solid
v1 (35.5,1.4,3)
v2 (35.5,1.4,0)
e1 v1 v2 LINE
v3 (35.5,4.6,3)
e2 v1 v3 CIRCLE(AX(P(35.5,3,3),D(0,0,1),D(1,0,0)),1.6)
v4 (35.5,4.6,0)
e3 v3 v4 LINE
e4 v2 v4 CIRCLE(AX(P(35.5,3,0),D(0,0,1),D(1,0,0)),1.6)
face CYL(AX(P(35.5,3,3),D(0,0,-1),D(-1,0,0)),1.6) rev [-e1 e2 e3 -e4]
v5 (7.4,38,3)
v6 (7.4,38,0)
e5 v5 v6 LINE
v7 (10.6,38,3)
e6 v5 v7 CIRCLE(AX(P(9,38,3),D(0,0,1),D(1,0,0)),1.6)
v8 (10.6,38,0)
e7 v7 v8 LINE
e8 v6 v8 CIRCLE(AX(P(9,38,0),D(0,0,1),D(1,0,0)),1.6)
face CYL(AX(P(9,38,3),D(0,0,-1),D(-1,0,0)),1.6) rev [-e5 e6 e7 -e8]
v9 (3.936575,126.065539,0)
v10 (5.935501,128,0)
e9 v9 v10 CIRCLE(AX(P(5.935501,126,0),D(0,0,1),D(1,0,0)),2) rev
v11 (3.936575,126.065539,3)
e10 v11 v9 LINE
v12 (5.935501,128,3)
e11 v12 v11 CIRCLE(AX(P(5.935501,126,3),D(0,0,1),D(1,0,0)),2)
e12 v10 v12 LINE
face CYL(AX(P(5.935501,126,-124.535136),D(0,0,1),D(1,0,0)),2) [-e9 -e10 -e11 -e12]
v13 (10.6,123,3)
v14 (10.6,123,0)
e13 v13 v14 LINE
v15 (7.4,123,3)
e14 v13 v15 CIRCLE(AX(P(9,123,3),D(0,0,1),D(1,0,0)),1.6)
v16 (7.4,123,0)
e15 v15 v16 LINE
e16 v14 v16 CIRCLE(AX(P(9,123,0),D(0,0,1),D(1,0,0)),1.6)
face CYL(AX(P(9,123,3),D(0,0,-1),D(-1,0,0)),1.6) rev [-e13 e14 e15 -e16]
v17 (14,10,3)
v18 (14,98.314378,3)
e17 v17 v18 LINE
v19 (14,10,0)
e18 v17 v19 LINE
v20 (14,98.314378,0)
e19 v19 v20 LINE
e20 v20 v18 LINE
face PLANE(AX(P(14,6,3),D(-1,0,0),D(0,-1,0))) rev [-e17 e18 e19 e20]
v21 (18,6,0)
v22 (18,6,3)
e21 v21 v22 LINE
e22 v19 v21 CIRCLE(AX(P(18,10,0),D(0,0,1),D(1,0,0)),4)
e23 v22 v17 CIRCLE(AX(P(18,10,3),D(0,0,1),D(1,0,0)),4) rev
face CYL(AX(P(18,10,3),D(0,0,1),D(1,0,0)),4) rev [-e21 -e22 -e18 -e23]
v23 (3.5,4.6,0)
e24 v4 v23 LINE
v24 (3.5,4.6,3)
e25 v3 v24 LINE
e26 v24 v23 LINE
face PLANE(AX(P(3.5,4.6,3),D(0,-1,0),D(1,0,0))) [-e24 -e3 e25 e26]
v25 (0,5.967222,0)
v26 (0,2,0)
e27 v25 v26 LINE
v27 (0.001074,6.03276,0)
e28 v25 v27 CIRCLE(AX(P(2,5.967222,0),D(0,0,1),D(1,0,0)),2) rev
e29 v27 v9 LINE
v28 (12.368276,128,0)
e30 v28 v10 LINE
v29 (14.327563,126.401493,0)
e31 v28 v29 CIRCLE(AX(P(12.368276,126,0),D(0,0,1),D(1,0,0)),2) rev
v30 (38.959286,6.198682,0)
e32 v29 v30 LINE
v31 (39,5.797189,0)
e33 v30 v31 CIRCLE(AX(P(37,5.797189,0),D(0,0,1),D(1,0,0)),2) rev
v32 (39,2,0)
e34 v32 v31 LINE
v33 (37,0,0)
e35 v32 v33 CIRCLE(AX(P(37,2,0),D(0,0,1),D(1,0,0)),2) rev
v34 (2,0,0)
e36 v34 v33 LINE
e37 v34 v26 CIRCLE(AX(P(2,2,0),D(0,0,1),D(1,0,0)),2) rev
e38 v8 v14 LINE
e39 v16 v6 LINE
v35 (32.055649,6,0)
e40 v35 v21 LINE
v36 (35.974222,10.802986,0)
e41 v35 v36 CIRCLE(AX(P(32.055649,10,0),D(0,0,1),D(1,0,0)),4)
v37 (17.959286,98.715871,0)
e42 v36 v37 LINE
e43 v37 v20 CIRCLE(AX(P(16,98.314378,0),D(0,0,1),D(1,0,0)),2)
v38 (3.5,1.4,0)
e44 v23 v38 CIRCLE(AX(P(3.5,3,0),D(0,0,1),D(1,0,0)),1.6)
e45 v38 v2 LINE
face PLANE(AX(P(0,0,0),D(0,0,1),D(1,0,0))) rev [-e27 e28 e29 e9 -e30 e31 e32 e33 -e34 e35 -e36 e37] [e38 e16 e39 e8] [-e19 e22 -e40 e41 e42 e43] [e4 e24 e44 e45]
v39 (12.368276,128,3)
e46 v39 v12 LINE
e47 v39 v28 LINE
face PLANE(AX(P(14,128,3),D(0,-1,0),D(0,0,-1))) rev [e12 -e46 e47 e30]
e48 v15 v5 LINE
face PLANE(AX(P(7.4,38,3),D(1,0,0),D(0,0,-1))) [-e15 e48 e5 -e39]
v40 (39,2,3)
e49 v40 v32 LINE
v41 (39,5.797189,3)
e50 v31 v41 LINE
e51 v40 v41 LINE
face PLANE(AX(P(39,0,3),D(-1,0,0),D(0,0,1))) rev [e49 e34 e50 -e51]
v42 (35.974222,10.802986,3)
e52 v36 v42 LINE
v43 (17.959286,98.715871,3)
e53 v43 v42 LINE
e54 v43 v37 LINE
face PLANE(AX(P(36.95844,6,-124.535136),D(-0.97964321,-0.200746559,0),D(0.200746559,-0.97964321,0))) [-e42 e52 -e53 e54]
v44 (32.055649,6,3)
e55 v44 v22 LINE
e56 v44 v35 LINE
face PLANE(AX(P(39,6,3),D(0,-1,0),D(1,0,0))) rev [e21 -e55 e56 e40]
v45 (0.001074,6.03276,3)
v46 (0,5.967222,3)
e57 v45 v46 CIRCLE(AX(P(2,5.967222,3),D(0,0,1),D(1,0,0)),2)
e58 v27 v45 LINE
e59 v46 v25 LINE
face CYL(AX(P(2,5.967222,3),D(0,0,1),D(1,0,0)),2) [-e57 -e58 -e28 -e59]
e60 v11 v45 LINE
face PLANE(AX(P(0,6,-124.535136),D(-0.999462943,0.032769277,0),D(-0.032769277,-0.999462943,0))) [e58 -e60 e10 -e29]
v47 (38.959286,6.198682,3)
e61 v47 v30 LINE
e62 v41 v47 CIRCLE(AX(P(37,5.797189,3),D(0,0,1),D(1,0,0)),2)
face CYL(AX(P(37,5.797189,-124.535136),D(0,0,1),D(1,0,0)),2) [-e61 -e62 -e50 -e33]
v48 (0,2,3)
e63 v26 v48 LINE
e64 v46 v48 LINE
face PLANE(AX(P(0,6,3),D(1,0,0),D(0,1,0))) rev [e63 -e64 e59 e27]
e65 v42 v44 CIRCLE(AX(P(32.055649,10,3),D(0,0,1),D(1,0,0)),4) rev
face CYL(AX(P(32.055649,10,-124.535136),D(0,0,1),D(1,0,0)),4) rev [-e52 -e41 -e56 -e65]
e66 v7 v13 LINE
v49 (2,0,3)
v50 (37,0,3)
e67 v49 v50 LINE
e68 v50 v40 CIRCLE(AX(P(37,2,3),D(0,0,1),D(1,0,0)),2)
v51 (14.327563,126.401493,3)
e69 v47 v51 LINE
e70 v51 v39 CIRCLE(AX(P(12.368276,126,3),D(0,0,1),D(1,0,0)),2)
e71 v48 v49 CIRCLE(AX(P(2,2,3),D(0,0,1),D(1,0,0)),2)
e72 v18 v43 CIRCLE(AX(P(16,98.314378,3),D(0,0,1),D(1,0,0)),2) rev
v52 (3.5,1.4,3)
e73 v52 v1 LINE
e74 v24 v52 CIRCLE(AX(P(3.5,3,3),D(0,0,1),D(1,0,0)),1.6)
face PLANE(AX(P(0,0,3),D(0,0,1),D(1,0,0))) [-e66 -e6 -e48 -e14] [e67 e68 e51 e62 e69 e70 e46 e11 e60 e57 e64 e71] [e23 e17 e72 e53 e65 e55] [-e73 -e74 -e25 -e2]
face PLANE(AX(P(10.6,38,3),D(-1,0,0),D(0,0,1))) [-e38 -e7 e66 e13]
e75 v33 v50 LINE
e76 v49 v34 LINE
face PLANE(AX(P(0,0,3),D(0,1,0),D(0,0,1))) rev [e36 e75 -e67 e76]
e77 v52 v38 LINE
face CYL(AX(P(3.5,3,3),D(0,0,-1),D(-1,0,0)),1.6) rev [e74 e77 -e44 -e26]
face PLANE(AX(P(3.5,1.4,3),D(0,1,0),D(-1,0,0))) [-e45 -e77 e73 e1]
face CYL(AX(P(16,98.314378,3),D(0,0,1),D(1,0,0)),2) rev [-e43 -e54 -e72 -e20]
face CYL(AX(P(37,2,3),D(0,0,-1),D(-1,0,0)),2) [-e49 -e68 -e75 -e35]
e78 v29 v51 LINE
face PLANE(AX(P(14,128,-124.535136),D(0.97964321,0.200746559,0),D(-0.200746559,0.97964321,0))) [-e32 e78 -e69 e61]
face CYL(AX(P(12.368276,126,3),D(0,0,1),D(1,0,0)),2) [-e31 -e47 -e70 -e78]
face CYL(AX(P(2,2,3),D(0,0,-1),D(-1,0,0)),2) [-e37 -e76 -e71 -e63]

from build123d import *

# Parameters (mm, degrees)
EXTRUDE_1_DEPTH = 3
EXTRUDE_2_DEPTH = 3
FILLET_1_R      = 2
FILLET_2_R      = 4
FILLET_3_R      = 2


with BuildPart() as part:
    # 草图1 → 凸台-拉伸1 (new body)
    with BuildSketch(Plane.XY):
        Polygon((0, 0), (39, 0), (39, 6), (14, 6), (14, 128), (4, 128), (4, 6), (0, 6), align=None)
        with BuildLine():
            Line((3.5, 4.6), (35.5, 4.6))
            ThreePointArc((35.5, 4.6), (37.1, 3), (35.5, 1.4))
            Line((35.5, 1.4), (3.5, 1.4))
            ThreePointArc((3.5, 1.4), (1.9, 3), (3.5, 4.6))
        make_face(mode=Mode.SUBTRACT)
        with BuildLine():
            Line((7.4, 38), (7.4, 123))
            ThreePointArc((7.4, 123), (9, 124.6), (10.6, 123))
            Line((10.6, 123), (10.6, 38))
            ThreePointArc((10.6, 38), (9, 36.4), (7.4, 38))
        make_face(mode=Mode.SUBTRACT)
    extrude(amount=EXTRUDE_1_DEPTH)

    # 草图2 → 凸台-拉伸2 (add)
    with BuildSketch(Plane.XY.offset(3)):
        Polygon((0, 6), (4, 128), (4, 6), align=None)
        Polygon((14, 128), (39, 6), (36.9584404, 6), (14, 118.037189152), align=None)
    extrude(amount=-EXTRUDE_2_DEPTH)

    # 圆角1
    fillet_1_edges = [part.edges().sort_by_distance(p)[0] for p in [
        (0, 6, 1.5),
        (4, 128, 1.5),
        (14, 128, 1.5),
        (39, 6, 1.5),
        (14, 118.037189152, 1.5),
    ]]
    fillet(fillet_1_edges, radius=FILLET_1_R)

    # 圆角2
    fillet_2_edges = [part.edges().sort_by_distance(p)[0] for p in [
        (14, 6, 1.5),
        (36.9584404, 6, 1.5),
    ]]
    fillet(fillet_2_edges, radius=FILLET_2_R)

    # 圆角3
    fillet_3_edges = [part.edges().sort_by_distance(p)[0] for p in [
        (39, 0, 1.5),
        (0, 0, 1.5),
    ]]
    fillet(fillet_3_edges, radius=FILLET_3_R)


solid = part.part
